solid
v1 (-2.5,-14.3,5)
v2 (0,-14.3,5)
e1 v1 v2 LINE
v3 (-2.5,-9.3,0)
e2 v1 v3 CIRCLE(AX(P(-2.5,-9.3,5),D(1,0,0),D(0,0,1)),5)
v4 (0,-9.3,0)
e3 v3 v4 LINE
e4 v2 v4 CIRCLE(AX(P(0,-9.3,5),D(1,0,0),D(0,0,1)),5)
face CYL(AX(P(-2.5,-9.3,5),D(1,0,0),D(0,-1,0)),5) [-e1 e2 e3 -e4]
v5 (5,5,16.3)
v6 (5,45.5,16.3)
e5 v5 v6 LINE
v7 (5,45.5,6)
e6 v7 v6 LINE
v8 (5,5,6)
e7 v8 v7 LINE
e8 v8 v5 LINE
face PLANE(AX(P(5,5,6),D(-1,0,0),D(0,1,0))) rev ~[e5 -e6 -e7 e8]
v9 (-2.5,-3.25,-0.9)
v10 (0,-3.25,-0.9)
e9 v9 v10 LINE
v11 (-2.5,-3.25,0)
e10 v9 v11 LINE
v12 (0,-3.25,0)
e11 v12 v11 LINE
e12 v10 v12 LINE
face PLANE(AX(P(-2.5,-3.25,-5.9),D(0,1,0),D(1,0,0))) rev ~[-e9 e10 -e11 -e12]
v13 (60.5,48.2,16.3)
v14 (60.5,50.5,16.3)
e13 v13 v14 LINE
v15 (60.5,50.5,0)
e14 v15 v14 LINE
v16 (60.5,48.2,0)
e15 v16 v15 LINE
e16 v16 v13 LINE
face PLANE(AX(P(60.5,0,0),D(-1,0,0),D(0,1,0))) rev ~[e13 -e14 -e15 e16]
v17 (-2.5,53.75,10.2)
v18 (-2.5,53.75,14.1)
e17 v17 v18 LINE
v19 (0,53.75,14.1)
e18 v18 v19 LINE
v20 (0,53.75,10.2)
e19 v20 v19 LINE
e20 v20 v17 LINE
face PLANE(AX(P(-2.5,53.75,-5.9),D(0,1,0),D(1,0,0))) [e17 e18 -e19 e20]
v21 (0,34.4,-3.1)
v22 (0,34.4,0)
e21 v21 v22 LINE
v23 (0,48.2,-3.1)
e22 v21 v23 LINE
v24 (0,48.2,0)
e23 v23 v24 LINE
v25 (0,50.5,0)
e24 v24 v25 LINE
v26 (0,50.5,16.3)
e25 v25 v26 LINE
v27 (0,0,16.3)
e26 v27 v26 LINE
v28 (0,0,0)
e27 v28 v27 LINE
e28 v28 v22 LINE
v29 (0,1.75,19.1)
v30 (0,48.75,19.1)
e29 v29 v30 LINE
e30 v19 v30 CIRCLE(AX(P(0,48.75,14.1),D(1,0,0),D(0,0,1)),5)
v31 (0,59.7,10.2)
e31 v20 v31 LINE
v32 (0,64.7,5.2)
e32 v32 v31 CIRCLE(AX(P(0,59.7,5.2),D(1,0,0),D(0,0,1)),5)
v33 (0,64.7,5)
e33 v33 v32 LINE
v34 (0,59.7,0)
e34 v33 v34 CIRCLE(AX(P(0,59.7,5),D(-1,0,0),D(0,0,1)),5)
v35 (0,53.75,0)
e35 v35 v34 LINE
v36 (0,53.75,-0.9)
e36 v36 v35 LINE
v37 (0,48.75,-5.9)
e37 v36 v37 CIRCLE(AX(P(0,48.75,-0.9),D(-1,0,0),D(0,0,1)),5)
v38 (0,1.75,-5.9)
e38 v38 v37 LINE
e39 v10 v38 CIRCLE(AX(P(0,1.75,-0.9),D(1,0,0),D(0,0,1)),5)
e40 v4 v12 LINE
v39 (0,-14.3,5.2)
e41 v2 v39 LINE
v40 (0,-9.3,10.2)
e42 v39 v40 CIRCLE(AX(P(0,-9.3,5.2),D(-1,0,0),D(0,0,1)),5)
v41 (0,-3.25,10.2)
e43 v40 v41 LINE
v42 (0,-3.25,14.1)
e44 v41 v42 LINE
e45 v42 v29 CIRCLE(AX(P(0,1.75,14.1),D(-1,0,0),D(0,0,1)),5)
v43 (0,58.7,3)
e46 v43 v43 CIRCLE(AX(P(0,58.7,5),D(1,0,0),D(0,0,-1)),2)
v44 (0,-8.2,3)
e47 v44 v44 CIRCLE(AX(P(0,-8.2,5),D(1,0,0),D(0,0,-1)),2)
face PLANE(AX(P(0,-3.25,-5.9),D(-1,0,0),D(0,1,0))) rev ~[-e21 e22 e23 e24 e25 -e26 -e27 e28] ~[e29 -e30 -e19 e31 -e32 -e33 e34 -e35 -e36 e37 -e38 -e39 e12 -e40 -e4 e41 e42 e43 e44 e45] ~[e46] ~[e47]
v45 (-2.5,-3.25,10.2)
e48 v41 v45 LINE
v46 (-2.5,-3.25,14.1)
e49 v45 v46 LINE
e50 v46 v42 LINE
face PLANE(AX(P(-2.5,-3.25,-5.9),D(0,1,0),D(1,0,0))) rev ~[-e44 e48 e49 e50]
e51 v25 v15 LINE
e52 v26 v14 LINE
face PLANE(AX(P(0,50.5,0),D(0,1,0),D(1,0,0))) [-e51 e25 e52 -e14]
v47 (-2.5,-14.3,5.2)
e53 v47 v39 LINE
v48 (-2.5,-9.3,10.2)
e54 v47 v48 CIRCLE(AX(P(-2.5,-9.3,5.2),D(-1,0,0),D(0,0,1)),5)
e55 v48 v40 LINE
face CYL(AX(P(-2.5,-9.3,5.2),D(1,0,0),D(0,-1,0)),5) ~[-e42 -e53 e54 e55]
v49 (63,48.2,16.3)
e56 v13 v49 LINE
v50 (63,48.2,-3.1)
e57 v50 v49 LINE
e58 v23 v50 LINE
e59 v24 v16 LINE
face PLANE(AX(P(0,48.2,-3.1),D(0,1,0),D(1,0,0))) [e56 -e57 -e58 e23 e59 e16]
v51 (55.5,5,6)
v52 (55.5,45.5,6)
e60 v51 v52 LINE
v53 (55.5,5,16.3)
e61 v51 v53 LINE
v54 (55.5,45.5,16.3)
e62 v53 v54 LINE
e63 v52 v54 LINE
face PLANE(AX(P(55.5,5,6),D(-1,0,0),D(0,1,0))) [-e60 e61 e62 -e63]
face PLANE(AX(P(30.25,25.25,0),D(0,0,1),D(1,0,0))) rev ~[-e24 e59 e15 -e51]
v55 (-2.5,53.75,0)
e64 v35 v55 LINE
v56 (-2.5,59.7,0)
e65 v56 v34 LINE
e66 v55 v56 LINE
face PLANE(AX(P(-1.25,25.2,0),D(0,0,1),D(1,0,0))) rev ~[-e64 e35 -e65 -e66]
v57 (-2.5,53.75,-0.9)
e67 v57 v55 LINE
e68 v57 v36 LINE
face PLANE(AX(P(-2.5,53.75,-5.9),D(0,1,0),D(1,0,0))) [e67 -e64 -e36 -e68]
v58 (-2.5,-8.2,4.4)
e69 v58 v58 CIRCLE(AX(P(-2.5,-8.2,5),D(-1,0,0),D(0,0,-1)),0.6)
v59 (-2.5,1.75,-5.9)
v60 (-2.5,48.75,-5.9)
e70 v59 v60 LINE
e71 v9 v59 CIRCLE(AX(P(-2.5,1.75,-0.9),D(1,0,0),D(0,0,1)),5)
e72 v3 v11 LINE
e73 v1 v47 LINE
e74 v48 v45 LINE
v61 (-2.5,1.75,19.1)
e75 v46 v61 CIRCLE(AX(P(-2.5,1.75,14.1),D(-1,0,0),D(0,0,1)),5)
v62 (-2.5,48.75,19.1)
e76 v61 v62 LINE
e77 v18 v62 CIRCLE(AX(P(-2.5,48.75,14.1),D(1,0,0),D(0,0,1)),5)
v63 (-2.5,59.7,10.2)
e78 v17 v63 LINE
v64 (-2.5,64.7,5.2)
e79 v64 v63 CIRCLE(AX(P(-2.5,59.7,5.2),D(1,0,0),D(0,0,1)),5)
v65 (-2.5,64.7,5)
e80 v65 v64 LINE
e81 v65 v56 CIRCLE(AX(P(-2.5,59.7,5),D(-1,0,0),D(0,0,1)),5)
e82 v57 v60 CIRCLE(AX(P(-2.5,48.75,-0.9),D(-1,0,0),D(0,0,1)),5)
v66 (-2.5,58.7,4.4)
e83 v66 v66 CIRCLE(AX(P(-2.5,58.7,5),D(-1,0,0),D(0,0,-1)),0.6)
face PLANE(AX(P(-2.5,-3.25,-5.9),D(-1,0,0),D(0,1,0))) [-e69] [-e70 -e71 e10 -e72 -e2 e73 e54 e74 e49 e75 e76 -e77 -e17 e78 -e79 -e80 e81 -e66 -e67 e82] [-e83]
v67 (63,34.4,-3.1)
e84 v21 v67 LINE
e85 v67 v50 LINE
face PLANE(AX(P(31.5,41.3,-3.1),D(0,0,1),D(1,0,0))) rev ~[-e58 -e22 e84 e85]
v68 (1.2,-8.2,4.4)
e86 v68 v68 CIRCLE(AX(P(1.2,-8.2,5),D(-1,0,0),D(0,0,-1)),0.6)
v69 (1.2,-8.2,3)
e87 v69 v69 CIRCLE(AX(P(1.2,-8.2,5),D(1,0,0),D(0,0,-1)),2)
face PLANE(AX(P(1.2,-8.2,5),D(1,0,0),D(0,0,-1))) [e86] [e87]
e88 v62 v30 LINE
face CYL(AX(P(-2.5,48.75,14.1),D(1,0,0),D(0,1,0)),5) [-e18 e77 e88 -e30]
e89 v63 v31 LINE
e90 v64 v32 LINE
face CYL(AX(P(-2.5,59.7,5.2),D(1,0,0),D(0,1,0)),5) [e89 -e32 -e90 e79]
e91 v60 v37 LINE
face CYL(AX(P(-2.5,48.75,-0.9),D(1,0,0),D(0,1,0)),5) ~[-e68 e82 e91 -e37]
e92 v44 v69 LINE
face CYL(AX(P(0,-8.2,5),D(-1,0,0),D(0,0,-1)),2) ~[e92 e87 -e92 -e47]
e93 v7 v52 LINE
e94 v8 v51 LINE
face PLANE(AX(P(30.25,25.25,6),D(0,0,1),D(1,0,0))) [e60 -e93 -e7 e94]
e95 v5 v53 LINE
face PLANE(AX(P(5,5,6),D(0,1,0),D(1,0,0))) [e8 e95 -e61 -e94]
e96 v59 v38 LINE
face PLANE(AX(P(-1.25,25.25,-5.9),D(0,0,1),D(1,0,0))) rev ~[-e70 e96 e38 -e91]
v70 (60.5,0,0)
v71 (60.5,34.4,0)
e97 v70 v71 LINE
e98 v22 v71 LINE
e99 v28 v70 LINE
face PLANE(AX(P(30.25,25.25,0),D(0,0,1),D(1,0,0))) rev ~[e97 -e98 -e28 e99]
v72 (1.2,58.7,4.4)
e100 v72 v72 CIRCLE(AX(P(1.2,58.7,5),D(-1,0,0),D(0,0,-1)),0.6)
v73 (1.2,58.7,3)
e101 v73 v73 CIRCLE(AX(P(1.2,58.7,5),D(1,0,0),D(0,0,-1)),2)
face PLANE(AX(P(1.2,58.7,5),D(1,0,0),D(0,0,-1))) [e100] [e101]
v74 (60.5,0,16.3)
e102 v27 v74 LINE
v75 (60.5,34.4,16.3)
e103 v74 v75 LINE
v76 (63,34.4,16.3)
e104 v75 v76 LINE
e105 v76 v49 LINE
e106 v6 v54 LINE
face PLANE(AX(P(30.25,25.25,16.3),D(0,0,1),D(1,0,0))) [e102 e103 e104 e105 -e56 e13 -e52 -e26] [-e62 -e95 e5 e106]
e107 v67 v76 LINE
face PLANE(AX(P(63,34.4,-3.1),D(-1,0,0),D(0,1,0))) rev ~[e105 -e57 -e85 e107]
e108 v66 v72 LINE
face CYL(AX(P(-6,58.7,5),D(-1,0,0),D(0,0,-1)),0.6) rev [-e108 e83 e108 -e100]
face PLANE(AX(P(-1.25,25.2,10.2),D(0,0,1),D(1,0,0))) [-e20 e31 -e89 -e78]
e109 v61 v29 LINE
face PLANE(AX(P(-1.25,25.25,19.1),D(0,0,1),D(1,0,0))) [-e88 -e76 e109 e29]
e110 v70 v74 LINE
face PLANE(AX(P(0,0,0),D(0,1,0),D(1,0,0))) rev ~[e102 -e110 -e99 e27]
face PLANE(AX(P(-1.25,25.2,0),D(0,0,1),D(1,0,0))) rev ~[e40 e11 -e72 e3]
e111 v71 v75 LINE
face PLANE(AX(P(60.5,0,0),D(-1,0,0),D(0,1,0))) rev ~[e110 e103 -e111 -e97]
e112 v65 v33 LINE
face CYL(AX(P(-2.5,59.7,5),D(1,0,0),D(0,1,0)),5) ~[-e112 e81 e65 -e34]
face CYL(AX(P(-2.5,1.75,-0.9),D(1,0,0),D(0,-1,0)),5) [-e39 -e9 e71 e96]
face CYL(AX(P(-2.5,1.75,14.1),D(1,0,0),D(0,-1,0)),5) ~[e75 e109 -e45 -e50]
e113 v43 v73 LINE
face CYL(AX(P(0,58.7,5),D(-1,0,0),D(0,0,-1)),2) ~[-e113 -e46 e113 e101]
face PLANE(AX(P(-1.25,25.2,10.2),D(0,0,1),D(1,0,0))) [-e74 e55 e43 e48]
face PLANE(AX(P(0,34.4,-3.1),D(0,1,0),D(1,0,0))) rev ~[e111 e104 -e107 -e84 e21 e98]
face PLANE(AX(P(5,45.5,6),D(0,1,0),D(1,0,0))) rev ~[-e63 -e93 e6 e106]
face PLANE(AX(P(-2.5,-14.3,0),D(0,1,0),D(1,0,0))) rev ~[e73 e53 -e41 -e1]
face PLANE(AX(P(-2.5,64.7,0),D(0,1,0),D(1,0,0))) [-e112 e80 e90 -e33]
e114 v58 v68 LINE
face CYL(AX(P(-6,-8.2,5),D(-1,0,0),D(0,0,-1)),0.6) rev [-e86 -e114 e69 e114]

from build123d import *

# Parameters (mm, degrees)
BOX003_W          = 2.5
BOX003_H          = 57
BOX003_DEPTH      = 25
FILLET_R          = 5
BOX002_W          = 50.5
BOX002_H          = 40.5
BOX002_DEPTH      = 10.3
BOX_W             = 60.5
BOX_H             = 50.5
BOX_DEPTH         = 16.3
BOX001_W          = 63
BOX001_H          = 13.8
BOX001_DEPTH      = 19.4
CYLINDER001_R     = 0.6
CYLINDER001_DEPTH = 10
CYLINDER003_R     = 0.6
CYLINDER003_DEPTH = 10
CYLINDER_R        = 2
CYLINDER_DEPTH    = 1.2
CYLINDER002_R     = 2
CYLINDER002_DEPTH = 1.2
BOX004_W          = 2.5
BOX004_H          = 79
BOX004_DEPTH      = 10.2
FILLET001_R       = 5


with BuildPart() as fillet_body:
    # Box003 → Box003 (new body)
    with BuildSketch(Plane(origin=(-2.5, -3.25, -5.9), x_dir=(1, 0, 0), z_dir=(0, 0, 1))):
        with Locations((1.25, 28.5)):
            Rectangle(BOX003_W, BOX003_H)
    extrude(amount=BOX003_DEPTH)

    # Fillet
    fillet_edges = [fillet_body.edges().sort_by_distance(p)[0] for p in [
        (-1.25, -3.25, -5.9),
        (-1.25, -3.25, 19.1),
        (-1.25, 53.75, -5.9),
        (-1.25, 53.75, 19.1),
    ]]
    fillet(fillet_edges, radius=FILLET_R)


with BuildPart() as cube002:
    # Box002 → Box002 (new body)
    with BuildSketch(Plane(origin=(5, 5, 6), x_dir=(1, 0, 0), z_dir=(0, 0, 1))):
        with Locations((25.25, 20.25)):
            Rectangle(BOX002_W, BOX002_H)
    extrude(amount=BOX002_DEPTH)


with BuildPart() as cube:
    # Box → Box (new body)
    with BuildSketch(Plane.XY):
        with Locations((30.25, 25.25)):
            Rectangle(BOX_W, BOX_H)
    extrude(amount=BOX_DEPTH)


with BuildPart() as cut:
    # Box001 → Box001 (new body)
    with BuildSketch(Plane(origin=(0, 34.4, -3.1), x_dir=(1, 0, 0), z_dir=(0, 0, 1))):
        with Locations((31.5, 6.9)):
            Rectangle(BOX001_W, BOX001_H)
    extrude(amount=BOX001_DEPTH)

    # Fusion: union Cube
    add(cube.part)

    # Cut: cut Cube002
    add(cube002.part, mode=Mode.SUBTRACT)


with BuildPart() as foro:
    # Cylinder001 → Cylinder001 (new body)
    with BuildSketch(Plane(origin=(-6, -8.2, 5), x_dir=(0, 0, -1), z_dir=(1, 0, 0))):
        Circle(CYLINDER001_R)
    extrude(amount=CYLINDER001_DEPTH)


with BuildPart() as foro001:
    # Cylinder003 → Cylinder003 (new body)
    with BuildSketch(Plane(origin=(-6, 58.7, 5), x_dir=(0, 0, -1), z_dir=(1, 0, 0))):
        Circle(CYLINDER003_R)
    extrude(amount=CYLINDER003_DEPTH)


with BuildPart() as cylinder:
    # Cylinder → Cylinder (new body)
    with BuildSketch(Plane(origin=(0, -8.2, 5), x_dir=(0, 0, -1), z_dir=(1, 0, 0))):
        Circle(CYLINDER_R)
    extrude(amount=CYLINDER_DEPTH)


with BuildPart() as cylinder002:
    # Cylinder002 → Cylinder002 (new body)
    with BuildSketch(Plane(origin=(0, 58.7, 5), x_dir=(0, 0, -1), z_dir=(1, 0, 0))):
        Circle(CYLINDER002_R)
    extrude(amount=CYLINDER002_DEPTH)


with BuildPart() as fusion002:
    # Box004 → Box004 (new body)
    with BuildSketch(Plane(origin=(-2.5, -14.3, 0), x_dir=(1, 0, 0), z_dir=(0, 0, 1))):
        with Locations((1.25, 39.5)):
            Rectangle(BOX004_W, BOX004_H)
    extrude(amount=BOX004_DEPTH)

    # Fillet001
    fillet001_edges = [fusion002.edges().sort_by_distance(p)[0] for p in [
        (-1.25, -14.3, 0),
        (-1.25, -14.3, 10.2),
        (-1.25, 64.7, 0),
        (-1.25, 64.7, 10.2),
    ]]
    fillet(fillet001_edges, radius=FILLET001_R)

    # Fusion001: union Cylinder, Cylinder002
    add(cylinder.part)
    add(cylinder002.part)

    # Cut001: cut foro001
    add(foro001.part, mode=Mode.SUBTRACT)

    # Cut002: cut foro
    add(foro.part, mode=Mode.SUBTRACT)

    # Fusion002: union Fillet body, Cut
    add(fillet_body.part)
    add(cut.part)


solid = fusion002.part
